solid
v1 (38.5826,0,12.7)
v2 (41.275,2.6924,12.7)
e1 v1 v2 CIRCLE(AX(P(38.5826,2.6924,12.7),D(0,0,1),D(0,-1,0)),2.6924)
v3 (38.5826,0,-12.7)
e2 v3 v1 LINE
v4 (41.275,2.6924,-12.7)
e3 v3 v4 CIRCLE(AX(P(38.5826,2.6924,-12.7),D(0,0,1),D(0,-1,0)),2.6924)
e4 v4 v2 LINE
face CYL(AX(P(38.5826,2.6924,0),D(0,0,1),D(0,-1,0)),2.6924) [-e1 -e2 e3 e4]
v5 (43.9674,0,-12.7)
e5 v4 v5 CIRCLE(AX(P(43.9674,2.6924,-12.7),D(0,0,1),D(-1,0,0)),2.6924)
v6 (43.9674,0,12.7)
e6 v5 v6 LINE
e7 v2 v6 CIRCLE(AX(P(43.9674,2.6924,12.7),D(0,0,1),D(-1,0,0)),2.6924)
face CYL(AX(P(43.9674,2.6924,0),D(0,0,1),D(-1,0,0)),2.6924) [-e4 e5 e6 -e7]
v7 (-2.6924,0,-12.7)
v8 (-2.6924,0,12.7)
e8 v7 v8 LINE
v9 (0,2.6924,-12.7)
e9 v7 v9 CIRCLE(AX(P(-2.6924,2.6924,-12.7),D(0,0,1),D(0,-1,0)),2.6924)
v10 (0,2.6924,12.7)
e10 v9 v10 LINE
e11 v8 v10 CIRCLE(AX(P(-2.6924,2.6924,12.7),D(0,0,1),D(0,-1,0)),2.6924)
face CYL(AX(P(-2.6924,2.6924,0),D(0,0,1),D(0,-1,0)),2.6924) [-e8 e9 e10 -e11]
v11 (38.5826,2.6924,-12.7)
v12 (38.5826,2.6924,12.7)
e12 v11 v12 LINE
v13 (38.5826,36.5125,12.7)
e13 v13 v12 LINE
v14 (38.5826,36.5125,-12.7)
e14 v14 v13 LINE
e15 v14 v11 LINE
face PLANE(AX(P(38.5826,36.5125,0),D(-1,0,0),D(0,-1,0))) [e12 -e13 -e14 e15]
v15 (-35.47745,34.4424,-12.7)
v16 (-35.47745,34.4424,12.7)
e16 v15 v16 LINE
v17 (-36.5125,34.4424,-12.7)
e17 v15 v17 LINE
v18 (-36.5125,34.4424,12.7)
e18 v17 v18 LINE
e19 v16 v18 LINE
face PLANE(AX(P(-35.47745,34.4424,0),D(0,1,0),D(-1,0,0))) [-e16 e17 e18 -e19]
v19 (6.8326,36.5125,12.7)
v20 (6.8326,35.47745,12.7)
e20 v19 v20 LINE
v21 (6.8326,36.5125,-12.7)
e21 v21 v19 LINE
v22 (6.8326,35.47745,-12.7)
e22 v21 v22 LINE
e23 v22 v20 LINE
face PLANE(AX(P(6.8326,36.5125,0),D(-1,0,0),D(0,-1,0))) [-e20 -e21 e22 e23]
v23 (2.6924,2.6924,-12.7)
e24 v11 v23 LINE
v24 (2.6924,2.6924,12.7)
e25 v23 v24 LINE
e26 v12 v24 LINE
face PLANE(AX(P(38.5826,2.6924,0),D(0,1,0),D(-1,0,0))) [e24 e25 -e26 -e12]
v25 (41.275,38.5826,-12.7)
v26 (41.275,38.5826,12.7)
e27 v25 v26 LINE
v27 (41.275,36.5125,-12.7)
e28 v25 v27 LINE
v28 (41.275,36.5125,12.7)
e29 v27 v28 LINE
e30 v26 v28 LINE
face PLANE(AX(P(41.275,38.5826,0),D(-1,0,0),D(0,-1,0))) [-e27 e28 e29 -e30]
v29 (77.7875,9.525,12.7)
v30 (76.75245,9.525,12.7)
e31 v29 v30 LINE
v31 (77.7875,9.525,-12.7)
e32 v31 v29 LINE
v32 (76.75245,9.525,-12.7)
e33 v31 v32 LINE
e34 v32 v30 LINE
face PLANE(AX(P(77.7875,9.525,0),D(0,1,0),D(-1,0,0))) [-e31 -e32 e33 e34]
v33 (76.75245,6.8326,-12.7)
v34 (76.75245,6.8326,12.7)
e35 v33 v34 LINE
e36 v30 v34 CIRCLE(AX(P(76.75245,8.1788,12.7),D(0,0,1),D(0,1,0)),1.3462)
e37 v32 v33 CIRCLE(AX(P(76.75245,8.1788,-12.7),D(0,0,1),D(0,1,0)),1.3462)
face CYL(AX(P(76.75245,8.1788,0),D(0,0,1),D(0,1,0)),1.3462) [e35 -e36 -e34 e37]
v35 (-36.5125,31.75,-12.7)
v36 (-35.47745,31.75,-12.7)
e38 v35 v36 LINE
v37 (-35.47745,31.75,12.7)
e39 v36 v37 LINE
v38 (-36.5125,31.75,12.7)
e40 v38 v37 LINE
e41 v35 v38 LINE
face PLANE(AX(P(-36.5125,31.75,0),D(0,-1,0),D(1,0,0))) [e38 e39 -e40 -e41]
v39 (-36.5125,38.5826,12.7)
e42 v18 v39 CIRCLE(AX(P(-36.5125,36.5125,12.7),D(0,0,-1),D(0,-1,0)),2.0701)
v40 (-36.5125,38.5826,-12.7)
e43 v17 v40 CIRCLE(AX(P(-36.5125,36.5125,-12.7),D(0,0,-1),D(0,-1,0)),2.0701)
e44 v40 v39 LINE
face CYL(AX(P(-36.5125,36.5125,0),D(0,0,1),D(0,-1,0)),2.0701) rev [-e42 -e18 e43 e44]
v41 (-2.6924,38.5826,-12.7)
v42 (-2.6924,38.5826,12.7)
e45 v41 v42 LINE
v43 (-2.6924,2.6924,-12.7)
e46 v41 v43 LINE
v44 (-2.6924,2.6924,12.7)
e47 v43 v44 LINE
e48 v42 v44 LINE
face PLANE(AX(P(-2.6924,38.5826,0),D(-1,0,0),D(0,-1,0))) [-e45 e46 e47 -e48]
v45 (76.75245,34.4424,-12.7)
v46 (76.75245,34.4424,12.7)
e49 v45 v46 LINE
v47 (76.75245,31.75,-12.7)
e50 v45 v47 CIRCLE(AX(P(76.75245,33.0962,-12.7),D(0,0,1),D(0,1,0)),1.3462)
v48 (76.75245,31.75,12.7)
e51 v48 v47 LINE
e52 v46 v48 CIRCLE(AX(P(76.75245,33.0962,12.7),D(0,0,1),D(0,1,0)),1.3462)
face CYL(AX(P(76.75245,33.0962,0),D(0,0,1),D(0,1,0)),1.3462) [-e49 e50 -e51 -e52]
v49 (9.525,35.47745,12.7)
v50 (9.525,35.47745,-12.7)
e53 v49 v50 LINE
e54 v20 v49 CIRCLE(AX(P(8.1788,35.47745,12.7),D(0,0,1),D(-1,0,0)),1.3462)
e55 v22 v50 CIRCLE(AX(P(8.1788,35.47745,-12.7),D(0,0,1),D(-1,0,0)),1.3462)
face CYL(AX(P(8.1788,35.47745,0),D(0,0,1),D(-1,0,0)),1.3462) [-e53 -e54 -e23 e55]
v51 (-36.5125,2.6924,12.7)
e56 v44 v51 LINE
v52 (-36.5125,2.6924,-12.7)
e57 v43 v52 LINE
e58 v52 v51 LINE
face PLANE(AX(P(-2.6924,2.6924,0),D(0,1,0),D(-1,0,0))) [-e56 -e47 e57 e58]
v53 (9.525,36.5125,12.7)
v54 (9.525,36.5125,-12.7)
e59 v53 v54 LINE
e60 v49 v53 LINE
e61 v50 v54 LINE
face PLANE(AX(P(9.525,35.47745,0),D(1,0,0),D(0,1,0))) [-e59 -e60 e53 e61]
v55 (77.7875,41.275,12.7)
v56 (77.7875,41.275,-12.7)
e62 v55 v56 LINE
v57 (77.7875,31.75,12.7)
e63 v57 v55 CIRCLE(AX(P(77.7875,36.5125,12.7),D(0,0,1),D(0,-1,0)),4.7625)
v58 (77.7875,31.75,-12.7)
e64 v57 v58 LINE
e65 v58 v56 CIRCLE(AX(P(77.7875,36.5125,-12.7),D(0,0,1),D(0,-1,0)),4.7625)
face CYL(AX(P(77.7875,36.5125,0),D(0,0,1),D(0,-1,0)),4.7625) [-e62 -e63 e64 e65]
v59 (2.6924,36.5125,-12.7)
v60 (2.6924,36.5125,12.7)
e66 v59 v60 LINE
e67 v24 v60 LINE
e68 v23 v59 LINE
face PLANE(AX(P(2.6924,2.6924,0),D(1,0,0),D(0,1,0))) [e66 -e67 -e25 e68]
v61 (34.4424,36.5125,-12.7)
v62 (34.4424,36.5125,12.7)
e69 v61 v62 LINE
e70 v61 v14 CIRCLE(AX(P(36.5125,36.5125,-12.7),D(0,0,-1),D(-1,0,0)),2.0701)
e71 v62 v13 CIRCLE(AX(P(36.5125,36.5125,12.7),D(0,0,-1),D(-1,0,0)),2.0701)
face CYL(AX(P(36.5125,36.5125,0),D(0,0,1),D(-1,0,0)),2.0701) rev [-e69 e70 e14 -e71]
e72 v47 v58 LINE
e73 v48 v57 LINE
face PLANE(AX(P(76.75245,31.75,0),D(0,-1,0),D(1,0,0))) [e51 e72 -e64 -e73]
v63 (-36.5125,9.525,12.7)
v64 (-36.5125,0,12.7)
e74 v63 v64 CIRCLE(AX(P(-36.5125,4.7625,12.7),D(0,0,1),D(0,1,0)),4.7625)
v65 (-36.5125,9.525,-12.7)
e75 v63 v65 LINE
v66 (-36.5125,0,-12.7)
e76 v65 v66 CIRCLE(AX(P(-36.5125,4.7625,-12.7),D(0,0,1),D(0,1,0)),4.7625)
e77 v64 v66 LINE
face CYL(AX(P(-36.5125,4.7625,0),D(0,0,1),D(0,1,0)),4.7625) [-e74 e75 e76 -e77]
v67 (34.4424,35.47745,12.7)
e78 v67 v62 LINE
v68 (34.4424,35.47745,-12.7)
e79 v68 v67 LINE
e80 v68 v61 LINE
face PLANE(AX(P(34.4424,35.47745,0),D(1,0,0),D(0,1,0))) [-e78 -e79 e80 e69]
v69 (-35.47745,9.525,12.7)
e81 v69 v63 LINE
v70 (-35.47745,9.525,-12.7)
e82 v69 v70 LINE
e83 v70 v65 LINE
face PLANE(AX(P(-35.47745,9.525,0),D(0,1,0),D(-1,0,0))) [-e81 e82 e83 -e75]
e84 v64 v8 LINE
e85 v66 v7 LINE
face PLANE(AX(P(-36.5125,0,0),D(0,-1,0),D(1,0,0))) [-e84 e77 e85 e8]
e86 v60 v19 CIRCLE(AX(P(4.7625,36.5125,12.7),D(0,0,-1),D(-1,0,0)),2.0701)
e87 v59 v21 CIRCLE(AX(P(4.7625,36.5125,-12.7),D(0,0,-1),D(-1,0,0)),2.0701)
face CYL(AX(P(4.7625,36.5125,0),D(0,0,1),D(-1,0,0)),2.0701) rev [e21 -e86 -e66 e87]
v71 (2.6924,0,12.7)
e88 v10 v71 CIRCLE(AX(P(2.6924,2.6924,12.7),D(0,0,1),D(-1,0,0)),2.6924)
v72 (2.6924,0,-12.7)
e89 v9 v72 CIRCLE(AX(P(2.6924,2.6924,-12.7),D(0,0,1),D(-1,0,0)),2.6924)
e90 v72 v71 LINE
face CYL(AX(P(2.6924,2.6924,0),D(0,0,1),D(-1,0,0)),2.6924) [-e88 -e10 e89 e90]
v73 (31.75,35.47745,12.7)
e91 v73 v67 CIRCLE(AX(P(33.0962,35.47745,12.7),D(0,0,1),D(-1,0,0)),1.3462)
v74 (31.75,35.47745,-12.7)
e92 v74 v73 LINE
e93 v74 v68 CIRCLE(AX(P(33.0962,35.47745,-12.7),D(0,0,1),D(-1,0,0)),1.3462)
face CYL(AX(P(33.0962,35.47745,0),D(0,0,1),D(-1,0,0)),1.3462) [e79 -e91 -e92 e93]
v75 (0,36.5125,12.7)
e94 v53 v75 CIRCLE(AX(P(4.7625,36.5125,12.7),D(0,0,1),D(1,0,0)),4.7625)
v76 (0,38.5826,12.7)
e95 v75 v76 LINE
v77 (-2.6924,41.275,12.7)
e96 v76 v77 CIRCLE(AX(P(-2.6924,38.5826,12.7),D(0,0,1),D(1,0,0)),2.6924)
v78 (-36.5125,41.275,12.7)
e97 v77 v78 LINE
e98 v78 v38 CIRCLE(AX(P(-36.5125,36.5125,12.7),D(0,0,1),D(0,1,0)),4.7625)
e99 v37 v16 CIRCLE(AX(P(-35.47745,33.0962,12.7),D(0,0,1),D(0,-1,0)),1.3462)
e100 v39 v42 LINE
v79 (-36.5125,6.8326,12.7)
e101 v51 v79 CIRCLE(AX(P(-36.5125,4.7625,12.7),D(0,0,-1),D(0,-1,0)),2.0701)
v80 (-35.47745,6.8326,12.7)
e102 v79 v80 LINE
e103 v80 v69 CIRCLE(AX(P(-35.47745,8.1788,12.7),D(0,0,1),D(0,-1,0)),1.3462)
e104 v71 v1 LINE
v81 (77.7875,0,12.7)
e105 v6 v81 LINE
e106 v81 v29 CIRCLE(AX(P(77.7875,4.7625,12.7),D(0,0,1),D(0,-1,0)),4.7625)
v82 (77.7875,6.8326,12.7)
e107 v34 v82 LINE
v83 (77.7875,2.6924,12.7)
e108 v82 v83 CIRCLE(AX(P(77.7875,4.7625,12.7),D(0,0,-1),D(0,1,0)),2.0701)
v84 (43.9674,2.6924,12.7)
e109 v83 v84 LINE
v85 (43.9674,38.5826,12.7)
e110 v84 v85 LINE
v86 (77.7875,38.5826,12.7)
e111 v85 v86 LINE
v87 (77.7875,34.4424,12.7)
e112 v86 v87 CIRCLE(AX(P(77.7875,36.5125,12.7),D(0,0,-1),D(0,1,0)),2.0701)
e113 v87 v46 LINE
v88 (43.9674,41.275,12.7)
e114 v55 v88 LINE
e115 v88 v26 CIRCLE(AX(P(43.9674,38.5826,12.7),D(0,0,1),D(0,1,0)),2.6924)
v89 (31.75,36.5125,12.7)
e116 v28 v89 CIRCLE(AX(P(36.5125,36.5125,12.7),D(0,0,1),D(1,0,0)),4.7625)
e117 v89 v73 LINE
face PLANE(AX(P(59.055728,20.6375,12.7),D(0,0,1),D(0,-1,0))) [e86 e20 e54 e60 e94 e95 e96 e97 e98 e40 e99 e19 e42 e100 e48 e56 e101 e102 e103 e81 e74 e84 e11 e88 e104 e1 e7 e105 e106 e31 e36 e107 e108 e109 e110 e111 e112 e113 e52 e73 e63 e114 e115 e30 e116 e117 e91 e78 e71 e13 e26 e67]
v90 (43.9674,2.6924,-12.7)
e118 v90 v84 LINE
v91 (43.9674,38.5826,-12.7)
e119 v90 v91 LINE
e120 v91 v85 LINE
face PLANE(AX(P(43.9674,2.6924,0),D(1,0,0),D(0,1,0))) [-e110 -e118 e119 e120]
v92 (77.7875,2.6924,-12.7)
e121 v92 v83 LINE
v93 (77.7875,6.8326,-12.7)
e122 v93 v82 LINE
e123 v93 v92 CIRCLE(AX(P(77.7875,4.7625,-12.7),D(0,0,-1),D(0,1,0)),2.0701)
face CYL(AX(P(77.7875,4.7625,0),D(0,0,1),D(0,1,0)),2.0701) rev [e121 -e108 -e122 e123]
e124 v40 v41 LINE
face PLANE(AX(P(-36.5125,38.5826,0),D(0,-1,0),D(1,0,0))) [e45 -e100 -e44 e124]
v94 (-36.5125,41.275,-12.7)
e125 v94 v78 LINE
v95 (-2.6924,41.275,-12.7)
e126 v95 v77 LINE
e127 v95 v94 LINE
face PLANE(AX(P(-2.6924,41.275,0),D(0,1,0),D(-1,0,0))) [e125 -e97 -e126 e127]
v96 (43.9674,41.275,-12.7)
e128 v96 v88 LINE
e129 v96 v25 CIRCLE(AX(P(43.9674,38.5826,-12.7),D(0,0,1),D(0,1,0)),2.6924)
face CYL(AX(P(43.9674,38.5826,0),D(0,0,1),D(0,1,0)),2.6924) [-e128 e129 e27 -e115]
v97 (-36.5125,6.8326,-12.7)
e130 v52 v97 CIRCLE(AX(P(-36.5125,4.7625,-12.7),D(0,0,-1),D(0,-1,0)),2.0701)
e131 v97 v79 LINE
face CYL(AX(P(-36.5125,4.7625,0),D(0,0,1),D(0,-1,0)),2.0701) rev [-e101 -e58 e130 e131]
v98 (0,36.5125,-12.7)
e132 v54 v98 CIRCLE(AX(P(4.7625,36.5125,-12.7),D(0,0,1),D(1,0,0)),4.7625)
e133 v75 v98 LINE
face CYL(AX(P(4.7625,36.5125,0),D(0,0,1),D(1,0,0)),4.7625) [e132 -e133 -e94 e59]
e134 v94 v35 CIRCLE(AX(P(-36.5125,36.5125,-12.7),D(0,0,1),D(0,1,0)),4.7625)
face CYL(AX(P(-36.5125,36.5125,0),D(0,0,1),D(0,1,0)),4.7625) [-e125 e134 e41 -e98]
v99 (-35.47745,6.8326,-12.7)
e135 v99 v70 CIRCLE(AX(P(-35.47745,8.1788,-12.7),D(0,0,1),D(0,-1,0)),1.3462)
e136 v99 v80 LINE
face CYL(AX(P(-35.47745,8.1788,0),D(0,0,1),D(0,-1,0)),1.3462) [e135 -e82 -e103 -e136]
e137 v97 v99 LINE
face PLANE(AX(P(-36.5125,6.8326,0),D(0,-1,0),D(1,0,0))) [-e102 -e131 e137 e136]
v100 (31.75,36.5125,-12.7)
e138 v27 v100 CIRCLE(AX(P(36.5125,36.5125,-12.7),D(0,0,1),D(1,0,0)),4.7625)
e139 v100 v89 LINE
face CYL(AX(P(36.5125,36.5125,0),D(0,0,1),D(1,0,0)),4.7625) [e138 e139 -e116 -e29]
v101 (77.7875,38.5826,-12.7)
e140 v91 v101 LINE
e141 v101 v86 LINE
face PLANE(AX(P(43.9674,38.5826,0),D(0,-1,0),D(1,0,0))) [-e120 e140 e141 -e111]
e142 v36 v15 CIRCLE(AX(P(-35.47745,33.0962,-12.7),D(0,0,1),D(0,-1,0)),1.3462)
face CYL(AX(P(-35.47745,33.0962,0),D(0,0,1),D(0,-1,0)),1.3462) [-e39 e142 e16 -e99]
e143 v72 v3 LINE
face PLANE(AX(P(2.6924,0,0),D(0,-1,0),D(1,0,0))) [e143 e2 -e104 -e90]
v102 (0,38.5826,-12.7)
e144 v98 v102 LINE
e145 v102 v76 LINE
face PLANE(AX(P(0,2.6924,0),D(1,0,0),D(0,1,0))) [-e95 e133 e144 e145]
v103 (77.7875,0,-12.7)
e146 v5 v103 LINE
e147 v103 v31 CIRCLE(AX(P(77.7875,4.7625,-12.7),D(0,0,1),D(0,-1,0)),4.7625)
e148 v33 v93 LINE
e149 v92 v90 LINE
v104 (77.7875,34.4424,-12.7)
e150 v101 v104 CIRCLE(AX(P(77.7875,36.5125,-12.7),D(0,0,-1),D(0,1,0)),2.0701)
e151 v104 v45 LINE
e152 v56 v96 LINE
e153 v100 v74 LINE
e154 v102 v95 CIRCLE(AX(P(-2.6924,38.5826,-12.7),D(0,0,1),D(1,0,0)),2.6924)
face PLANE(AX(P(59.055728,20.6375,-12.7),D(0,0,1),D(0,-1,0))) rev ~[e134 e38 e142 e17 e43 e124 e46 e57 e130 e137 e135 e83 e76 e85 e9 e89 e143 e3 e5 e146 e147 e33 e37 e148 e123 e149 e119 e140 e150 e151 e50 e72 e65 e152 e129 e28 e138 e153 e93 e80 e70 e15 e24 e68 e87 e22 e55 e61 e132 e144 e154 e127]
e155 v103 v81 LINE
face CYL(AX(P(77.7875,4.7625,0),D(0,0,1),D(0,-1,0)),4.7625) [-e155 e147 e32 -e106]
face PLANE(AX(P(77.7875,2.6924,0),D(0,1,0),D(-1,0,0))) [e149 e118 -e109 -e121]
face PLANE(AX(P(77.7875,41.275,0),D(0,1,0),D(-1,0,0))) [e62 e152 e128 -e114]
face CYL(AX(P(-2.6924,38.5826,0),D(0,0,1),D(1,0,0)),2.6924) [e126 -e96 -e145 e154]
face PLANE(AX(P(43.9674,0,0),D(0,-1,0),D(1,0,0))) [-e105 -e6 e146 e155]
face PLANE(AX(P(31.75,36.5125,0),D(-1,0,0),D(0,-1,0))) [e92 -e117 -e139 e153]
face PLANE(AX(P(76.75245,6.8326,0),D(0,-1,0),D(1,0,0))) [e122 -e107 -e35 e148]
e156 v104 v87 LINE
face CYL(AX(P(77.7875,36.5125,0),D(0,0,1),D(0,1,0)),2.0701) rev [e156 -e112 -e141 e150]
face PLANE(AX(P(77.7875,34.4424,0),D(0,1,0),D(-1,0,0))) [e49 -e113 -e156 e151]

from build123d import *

# Parameters (mm, degrees)
BASE_EXTRUDE_DEPTH = 12.7
CIRPATTERN1_COUNT  = 2
CIRPATTERN1_ANGLE  = 90
CIRPATTERN2_COUNT  = 2
CIRPATTERN2_ANGLE  = 90


with BuildPart() as part:
    # Sketch1 → Base-Extrude (new, symmetric)
    with BuildSketch(Plane.XY):
        with BuildLine():
            Line((0, 36.5125), (0, 2.6924))
            ThreePointArc((0, 2.6924), (0.788585702, 0.788585702), (2.6924, 0))
            Line((2.6924, 0), (38.5826, 0))
            ThreePointArc((38.5826, 0), (40.486414298, 0.788585702), (41.275, 2.6924))
            Line((41.275, 2.6924), (41.275, 36.5125))
            ThreePointArc((41.275, 36.5125), (36.5125, 41.275), (31.75, 36.5125))
            Line((31.75, 36.5125), (31.75, 35.47745))
            ThreePointArc((31.75, 35.47745), (33.0962, 34.13125), (34.4424, 35.47745))
            Line((34.4424, 35.47745), (34.4424, 36.5125))
            ThreePointArc((34.4424, 36.5125), (36.5125, 38.5826), (38.5826, 36.5125))
            Line((38.5826, 36.5125), (38.5826, 2.6924))
            Line((38.5826, 2.6924), (2.6924, 2.6924))
            Line((2.6924, 2.6924), (2.6924, 36.5125))
            ThreePointArc((2.6924, 36.5125), (4.7625, 38.5826), (6.8326, 36.5125))
            Line((6.8326, 36.5125), (6.8326, 35.47745))
            ThreePointArc((6.8326, 35.47745), (8.1788, 34.13125), (9.525, 35.47745))
            Line((9.525, 35.47745), (9.525, 36.5125))
            ThreePointArc((9.525, 36.5125), (4.7625, 41.275), (0, 36.5125))
        make_face()
    base_extrude = extrude(amount=BASE_EXTRUDE_DEPTH, both=True)

    # CirPattern1: Base-Extrude ×2 about axis
    cirpattern1_axis = Axis((0, 0, 0), (0, 0, 1))
    for i in range(1, CIRPATTERN1_COUNT):
        add(base_extrude.rotate(cirpattern1_axis, i * CIRPATTERN1_ANGLE / (CIRPATTERN1_COUNT - 1)))

    # CirPattern2: Base-Extrude ×2 about axis
    cirpattern2_axis = Axis((41.275, 0, 0), (0, 0, -1))
    for i in range(1, CIRPATTERN2_COUNT):
        add(base_extrude.rotate(cirpattern2_axis, i * CIRPATTERN2_ANGLE / (CIRPATTERN2_COUNT - 1)))


solid = part.part
